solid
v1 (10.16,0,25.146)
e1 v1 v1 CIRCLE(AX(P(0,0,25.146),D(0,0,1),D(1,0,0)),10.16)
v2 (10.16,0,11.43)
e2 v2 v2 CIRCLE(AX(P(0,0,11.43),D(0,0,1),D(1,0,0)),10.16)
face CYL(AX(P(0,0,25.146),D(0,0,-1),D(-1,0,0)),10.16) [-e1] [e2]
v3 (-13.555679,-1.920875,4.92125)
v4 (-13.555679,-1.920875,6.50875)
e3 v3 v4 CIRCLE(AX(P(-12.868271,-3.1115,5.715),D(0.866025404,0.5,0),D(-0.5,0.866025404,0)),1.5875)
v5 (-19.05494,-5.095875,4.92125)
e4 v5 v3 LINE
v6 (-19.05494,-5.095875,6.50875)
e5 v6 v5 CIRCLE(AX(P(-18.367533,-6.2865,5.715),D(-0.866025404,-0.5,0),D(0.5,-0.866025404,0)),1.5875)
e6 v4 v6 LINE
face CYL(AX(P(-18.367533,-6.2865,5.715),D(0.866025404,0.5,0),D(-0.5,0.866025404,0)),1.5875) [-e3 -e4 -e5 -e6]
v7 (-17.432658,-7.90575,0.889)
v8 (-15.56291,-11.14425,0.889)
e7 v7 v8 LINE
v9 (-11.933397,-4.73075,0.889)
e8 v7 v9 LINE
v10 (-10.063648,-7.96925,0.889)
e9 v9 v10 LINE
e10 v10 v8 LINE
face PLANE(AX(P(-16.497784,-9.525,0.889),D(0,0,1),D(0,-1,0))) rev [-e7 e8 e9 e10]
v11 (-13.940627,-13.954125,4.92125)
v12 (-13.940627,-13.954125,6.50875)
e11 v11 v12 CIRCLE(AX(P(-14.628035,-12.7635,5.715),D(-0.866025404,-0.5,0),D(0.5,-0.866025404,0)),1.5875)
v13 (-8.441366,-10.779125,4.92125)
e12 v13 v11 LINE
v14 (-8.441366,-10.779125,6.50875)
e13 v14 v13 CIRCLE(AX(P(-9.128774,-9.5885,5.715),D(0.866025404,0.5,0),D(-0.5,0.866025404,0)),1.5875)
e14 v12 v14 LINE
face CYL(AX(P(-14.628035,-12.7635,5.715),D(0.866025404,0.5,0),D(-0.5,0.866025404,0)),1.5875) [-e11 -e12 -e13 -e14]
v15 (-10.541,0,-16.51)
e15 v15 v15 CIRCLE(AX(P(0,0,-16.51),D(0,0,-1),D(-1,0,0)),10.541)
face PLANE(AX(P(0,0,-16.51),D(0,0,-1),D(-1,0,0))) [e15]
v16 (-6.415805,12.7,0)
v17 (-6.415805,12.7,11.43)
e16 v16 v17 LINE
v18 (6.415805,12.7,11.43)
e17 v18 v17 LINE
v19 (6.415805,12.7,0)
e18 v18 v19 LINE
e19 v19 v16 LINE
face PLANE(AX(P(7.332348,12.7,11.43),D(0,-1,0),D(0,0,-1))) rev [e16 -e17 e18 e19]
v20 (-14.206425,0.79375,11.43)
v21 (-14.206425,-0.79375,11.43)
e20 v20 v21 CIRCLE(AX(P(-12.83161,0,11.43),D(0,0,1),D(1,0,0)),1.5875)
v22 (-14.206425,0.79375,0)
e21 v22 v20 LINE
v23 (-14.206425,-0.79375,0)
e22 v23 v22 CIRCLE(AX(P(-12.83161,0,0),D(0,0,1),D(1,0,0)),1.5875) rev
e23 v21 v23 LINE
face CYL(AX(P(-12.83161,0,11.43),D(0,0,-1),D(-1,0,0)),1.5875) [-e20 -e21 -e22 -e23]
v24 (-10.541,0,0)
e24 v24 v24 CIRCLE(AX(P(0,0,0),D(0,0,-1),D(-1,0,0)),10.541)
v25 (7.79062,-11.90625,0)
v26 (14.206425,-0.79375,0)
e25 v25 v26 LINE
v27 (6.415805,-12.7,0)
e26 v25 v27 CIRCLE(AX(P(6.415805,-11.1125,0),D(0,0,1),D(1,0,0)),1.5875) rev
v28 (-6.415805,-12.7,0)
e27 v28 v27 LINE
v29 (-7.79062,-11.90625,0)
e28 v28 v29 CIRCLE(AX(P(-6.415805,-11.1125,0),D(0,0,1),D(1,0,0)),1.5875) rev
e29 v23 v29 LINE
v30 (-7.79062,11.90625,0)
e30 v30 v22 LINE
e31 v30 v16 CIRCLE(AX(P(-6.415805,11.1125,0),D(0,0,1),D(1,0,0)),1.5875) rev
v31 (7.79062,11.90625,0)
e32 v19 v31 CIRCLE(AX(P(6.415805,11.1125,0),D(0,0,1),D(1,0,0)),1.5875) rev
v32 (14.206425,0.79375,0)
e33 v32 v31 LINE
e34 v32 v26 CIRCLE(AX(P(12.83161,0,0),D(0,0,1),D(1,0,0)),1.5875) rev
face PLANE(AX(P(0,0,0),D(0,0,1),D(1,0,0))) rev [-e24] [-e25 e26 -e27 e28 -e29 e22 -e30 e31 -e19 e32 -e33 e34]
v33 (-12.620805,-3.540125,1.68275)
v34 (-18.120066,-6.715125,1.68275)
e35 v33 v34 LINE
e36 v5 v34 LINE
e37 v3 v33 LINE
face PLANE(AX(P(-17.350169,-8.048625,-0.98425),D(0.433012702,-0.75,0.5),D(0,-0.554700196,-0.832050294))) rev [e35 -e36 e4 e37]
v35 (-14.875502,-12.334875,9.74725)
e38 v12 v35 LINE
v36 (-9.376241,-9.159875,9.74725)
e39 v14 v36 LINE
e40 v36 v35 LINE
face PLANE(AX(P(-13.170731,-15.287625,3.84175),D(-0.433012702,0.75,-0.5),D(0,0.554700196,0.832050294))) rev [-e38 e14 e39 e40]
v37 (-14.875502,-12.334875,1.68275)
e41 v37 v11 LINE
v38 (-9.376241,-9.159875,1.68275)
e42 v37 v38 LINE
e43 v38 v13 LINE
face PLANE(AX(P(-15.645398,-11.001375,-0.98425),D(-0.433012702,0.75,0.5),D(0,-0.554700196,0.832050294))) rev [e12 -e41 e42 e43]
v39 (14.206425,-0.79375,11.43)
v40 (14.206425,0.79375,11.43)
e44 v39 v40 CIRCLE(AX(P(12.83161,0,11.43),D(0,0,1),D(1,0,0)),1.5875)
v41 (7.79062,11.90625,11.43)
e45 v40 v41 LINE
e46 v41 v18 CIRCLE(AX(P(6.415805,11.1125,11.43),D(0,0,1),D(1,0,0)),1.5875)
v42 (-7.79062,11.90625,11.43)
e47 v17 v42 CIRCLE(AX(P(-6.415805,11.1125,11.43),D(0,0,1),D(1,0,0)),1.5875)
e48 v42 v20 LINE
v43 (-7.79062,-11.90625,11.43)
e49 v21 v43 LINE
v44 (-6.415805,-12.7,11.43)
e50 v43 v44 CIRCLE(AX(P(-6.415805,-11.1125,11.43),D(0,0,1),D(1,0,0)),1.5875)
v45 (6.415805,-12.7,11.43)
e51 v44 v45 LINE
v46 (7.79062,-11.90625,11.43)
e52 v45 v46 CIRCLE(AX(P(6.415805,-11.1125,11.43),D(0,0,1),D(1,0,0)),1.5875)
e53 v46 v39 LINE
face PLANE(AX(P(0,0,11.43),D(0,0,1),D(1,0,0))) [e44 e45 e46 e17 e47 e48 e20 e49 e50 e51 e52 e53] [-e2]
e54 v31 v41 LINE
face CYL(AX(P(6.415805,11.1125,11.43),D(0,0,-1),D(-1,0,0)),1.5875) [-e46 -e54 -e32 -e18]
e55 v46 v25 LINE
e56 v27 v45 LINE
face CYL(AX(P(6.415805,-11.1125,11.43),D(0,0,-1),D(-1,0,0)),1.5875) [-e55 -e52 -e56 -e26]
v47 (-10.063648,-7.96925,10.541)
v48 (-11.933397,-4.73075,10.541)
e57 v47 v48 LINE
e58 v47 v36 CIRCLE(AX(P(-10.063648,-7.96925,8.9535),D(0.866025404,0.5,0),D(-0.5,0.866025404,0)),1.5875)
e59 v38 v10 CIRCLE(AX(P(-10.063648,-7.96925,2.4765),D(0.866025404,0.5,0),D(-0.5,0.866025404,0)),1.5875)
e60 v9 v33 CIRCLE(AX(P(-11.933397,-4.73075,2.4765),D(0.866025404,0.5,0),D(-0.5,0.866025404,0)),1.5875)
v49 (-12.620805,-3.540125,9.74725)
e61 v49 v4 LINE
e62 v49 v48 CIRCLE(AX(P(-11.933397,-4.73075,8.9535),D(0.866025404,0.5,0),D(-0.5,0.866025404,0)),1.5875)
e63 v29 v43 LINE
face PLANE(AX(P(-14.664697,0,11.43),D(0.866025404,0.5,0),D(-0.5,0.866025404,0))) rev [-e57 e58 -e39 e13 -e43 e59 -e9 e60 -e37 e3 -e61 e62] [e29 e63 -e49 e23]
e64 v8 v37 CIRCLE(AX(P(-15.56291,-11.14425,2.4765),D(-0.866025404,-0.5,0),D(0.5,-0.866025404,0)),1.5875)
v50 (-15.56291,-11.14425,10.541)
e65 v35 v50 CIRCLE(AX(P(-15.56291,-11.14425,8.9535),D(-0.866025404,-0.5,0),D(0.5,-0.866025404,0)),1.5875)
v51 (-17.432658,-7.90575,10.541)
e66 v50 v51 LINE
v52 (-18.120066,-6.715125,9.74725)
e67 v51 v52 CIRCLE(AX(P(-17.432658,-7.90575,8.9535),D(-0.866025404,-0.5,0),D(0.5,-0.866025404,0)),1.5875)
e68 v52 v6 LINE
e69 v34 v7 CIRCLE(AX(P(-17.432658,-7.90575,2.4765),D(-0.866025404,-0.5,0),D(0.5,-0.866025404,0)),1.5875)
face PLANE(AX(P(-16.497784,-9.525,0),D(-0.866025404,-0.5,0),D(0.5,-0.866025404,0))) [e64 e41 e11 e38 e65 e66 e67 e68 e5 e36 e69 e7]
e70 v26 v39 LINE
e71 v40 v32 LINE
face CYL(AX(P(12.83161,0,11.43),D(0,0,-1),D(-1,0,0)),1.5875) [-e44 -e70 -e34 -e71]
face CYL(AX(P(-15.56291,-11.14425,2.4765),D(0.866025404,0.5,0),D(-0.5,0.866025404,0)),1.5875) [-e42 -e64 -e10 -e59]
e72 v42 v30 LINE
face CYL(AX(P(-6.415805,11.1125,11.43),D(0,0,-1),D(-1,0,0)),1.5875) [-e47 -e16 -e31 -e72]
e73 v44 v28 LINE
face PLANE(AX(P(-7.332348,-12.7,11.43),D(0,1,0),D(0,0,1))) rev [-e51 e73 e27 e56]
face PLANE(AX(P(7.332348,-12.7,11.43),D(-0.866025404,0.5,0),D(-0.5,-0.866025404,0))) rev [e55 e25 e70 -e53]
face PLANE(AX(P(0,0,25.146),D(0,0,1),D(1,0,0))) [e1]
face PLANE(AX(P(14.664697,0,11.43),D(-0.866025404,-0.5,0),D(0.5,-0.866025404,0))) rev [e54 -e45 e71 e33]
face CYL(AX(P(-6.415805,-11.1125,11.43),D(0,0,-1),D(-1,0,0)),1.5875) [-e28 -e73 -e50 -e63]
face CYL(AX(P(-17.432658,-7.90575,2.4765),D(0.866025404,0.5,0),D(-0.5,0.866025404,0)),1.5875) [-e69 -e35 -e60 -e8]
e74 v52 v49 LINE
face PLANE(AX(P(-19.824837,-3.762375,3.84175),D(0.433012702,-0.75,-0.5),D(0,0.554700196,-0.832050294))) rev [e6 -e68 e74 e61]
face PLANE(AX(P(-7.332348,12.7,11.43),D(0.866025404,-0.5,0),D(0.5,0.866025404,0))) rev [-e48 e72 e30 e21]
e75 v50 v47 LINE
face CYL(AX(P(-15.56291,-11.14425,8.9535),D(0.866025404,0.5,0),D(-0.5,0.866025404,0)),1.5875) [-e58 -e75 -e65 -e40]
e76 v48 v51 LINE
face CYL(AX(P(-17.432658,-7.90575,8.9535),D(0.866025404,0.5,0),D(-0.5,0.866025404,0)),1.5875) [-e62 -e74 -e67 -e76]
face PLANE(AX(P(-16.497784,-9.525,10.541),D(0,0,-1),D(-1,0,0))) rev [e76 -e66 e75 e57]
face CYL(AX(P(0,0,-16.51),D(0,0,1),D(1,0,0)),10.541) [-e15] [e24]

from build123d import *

# Parameters (mm, degrees)
BOSS_EXTRUDE1_DEPTH = 11.43
BOSS_EXTRUDE2_DEPTH = 6.35
SKETCH6_R           = 10.16
BOSS_EXTRUDE3_DEPTH = 13.716
SKETCH7_R           = 10.541
BOSS_EXTRUDE4_DEPTH = 16.51
FILLET1_R           = 1.5875
FILLET2_R           = 1.5875


with BuildPart() as part:
    # Sketch1 → Boss-Extrude1 (new body)
    with BuildSketch(Plane.XY):
        Polygon((14.664696837, 0), (7.332348419, 12.7), (-7.332348419, 12.7), (-14.664696837, 0), (-7.332348419, -12.7), (7.332348419, -12.7), align=None)
    extrude(amount=BOSS_EXTRUDE1_DEPTH)

    # Sketch4 → Boss-Extrude2 (add)
    with BuildSketch(Plane(origin=(-10.998522628, -6.35, 0), x_dir=(0, 0, 1), z_dir=(-0.866025404, -0.5, 0))):
        Polygon((5.715, 0), (5.715, 5.572584798), (0.889, 2.786292399), (0.889, 0), align=None)
        Polygon((5.715, -5.572584798), (5.715, 0), (0.889, 0), (0.889, -2.786292399), align=None)
        Polygon((10.541, 0), (5.715, 0), (5.715, -5.572584798), (10.541, -2.786292399), align=None)
        Polygon((10.541, 2.786292399), (5.715, 5.572584798), (5.715, 0), (10.541, 0), align=None)
    extrude(amount=BOSS_EXTRUDE2_DEPTH)

    # Sketch6 → Boss-Extrude3 (add)
    with BuildSketch(Plane.XY.offset(11.43)):
        Circle(SKETCH6_R)
    extrude(amount=BOSS_EXTRUDE3_DEPTH)

    # Sketch7 → Boss-Extrude4 (add)
    with BuildSketch(Plane(origin=(0, 0, 0), x_dir=(-1, 0, 0), z_dir=(0, 0, -1))):
        Circle(SKETCH7_R)
    extrude(amount=BOSS_EXTRUDE4_DEPTH)

    # Fillet1
    fillet1_edges = [part.edges().sort_by_distance(p)[0] for p in [
        (7.332348419, -12.7, 5.715),
        (-7.332348419, -12.7, 5.715),
        (-14.664696837, 0, 5.715),
        (-7.332348419, 12.7, 5.715),
        (7.332348419, 12.7, 5.715),
        (14.664696837, 0, 5.715),
    ]]
    fillet(fillet1_edges, radius=FILLET1_R)

    # Fillet2
    fillet2_edges = [part.edges().sort_by_distance(p)[0] for p in [
        (-12.355007086, -10.3505, 0.889),
        (-10.961860886, -12.7635, 5.715),
        (-12.355007086, -10.3505, 10.541),
        (-15.141299485, -5.5245, 10.541),
        (-16.534445684, -3.1115, 5.715),
        (-15.141299485, -5.5245, 0.889),
    ]]
    fillet(fillet2_edges, radius=FILLET2_R)


solid = part.part
